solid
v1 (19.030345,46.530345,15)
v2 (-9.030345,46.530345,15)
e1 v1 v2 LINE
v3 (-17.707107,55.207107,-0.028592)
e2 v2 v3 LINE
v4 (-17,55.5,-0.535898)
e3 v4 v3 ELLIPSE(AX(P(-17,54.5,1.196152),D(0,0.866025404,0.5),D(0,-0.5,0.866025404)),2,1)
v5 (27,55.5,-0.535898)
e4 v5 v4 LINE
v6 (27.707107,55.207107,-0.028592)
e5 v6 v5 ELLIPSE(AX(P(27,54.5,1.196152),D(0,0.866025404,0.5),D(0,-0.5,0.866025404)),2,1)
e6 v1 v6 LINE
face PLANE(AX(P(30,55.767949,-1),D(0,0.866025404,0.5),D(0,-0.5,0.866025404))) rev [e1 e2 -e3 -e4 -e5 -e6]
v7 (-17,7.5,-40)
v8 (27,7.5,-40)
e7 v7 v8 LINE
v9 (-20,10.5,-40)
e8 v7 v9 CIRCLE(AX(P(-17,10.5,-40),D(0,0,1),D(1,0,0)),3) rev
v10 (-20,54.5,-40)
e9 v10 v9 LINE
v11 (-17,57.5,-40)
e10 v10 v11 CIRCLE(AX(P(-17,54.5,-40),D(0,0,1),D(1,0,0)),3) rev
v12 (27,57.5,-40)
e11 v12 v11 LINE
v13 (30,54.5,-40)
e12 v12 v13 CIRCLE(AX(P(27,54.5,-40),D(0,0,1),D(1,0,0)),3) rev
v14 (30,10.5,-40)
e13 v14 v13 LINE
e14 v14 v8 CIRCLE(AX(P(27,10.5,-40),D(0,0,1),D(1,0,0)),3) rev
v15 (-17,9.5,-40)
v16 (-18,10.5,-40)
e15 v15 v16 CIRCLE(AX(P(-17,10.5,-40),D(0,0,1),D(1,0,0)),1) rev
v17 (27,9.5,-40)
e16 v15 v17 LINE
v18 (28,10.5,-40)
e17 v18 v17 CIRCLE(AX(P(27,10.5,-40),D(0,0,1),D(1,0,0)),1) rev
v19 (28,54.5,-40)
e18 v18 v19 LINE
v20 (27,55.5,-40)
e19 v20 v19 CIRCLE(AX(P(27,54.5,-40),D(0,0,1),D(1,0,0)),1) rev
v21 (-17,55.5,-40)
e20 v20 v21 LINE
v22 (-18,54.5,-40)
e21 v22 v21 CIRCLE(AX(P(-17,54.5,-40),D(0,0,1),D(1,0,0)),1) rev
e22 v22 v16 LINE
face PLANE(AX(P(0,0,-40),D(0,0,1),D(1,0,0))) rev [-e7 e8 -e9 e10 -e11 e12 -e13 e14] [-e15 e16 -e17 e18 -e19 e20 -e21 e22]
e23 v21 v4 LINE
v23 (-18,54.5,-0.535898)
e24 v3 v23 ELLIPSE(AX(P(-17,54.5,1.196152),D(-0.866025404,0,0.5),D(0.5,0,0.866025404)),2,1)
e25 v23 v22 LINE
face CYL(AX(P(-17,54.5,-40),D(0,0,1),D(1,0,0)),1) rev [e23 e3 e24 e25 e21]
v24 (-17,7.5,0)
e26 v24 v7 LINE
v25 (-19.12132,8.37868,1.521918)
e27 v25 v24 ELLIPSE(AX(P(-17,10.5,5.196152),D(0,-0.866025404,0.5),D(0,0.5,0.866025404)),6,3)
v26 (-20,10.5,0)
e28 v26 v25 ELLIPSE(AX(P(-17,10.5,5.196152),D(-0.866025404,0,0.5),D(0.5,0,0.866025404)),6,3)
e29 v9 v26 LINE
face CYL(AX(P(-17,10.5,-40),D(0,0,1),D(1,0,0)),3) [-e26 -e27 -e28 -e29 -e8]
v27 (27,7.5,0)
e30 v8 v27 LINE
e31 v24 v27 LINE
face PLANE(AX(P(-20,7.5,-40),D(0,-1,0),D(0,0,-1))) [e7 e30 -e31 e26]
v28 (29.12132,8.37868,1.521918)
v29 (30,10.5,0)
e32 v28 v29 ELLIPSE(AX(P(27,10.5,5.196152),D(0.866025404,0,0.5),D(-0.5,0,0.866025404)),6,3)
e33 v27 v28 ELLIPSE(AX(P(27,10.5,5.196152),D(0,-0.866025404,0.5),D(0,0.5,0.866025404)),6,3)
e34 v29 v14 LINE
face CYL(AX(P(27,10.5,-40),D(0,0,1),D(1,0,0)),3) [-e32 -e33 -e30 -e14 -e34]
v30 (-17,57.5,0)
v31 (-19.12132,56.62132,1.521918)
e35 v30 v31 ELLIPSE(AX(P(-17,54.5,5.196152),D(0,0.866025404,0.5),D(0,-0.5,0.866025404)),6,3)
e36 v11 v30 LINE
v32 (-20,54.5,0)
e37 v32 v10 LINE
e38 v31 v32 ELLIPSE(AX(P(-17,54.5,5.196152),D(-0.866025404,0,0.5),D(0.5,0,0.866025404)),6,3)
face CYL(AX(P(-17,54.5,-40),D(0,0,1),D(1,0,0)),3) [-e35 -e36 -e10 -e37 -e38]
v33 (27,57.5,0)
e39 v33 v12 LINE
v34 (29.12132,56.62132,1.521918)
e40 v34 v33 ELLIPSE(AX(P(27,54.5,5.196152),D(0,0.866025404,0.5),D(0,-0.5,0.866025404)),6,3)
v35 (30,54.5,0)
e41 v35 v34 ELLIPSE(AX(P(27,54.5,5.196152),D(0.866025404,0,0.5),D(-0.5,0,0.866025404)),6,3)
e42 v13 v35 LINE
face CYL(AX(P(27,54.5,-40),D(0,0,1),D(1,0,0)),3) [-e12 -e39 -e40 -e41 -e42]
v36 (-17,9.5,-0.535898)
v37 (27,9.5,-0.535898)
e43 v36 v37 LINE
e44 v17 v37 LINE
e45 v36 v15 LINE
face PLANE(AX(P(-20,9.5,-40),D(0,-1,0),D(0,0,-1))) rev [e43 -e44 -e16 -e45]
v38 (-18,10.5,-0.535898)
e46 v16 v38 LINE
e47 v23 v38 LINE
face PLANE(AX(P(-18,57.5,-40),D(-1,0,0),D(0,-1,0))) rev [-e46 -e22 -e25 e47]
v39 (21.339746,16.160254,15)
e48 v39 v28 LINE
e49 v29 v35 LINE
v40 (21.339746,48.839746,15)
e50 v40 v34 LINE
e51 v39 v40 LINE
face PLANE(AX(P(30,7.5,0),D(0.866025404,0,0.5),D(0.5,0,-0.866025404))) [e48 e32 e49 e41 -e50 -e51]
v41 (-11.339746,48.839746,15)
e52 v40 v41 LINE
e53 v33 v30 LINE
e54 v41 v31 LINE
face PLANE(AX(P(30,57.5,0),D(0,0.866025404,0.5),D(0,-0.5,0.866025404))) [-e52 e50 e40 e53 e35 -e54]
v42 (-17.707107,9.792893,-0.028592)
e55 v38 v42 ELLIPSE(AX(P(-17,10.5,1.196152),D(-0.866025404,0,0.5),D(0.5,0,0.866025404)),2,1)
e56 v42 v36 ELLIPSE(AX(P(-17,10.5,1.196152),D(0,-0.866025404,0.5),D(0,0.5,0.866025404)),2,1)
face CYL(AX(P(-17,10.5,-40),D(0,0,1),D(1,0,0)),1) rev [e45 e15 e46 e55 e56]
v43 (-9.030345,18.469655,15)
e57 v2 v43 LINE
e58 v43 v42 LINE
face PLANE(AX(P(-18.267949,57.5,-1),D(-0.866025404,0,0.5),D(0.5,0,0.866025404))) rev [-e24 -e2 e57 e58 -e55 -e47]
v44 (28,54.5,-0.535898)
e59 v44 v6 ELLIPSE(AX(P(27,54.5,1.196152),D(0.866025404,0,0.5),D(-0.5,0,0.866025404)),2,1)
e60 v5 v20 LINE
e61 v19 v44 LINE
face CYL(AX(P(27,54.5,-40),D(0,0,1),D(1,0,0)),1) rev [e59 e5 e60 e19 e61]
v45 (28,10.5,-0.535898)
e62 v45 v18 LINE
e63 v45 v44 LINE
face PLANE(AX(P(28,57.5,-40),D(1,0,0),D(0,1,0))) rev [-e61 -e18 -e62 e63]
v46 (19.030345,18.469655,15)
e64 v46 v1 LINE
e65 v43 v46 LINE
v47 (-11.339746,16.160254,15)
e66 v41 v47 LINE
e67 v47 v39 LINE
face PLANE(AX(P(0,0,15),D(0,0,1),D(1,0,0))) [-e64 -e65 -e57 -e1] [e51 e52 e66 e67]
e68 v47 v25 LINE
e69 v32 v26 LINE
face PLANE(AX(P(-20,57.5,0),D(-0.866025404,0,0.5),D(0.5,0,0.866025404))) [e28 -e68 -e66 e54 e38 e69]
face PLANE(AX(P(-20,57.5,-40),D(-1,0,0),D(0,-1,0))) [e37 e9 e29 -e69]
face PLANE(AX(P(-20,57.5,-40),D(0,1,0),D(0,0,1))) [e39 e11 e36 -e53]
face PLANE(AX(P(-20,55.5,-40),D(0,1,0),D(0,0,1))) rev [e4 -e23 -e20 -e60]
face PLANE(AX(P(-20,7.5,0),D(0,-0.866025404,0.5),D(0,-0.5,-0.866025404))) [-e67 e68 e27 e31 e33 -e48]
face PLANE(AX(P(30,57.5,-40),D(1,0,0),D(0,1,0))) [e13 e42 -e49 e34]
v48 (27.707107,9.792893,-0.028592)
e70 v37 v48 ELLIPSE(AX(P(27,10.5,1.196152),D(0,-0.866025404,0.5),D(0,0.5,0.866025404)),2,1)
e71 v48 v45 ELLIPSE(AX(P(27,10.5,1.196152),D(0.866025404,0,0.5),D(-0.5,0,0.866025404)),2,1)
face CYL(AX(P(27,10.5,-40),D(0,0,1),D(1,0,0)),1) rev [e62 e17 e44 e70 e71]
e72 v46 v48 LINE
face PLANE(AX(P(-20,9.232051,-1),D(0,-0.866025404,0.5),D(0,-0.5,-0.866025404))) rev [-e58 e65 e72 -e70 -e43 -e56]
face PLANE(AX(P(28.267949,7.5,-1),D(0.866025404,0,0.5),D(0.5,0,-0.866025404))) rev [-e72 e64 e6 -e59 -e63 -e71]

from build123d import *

# Parameters (mm, degrees)
SKETCH1_W           = 50
SKETCH1_H           = 50
BOSS_EXTRUDE1_DEPTH = 40
SKETCH2_W           = 50
SKETCH2_H           = 50
BOSS_EXTRUDE2_DEPTH = 15
BOSS_EXTRUDE2_TAPER = 30
FILLET1_R           = 3
SHELL1_T            = -2


with BuildPart() as part:
    # Sketch1 → Boss-Extrude1 (new body)
    with BuildSketch(Plane.XY):
        with Locations((5, 32.5)):
            Rectangle(SKETCH1_W, SKETCH1_H)
    extrude(amount=-BOSS_EXTRUDE1_DEPTH)

    # Sketch2 → Boss-Extrude2 (add)
    with BuildSketch(Plane.XY):
        with Locations((5, 32.5)):
            Rectangle(SKETCH2_W, SKETCH2_H)
    extrude(amount=BOSS_EXTRUDE2_DEPTH, taper=BOSS_EXTRUDE2_TAPER)

    # Fillet1
    fillet1_edges = [part.edges().sort_by_distance(p)[0] for p in [
        (30, 7.5, -20),
        (-20, 7.5, -20),
        (-20, 57.5, -20),
        (30, 57.5, -20),
    ]]
    fillet(fillet1_edges, radius=FILLET1_R)

    # Shell1
    shell1_openings = [part.faces().sort_by_distance(p)[0] for p in [
        (5, 32.5, -40),
        (5, 32.5, 15),
    ]]
    offset(amount=SHELL1_T, openings=shell1_openings, kind=Kind.INTERSECTION)


solid = part.part
